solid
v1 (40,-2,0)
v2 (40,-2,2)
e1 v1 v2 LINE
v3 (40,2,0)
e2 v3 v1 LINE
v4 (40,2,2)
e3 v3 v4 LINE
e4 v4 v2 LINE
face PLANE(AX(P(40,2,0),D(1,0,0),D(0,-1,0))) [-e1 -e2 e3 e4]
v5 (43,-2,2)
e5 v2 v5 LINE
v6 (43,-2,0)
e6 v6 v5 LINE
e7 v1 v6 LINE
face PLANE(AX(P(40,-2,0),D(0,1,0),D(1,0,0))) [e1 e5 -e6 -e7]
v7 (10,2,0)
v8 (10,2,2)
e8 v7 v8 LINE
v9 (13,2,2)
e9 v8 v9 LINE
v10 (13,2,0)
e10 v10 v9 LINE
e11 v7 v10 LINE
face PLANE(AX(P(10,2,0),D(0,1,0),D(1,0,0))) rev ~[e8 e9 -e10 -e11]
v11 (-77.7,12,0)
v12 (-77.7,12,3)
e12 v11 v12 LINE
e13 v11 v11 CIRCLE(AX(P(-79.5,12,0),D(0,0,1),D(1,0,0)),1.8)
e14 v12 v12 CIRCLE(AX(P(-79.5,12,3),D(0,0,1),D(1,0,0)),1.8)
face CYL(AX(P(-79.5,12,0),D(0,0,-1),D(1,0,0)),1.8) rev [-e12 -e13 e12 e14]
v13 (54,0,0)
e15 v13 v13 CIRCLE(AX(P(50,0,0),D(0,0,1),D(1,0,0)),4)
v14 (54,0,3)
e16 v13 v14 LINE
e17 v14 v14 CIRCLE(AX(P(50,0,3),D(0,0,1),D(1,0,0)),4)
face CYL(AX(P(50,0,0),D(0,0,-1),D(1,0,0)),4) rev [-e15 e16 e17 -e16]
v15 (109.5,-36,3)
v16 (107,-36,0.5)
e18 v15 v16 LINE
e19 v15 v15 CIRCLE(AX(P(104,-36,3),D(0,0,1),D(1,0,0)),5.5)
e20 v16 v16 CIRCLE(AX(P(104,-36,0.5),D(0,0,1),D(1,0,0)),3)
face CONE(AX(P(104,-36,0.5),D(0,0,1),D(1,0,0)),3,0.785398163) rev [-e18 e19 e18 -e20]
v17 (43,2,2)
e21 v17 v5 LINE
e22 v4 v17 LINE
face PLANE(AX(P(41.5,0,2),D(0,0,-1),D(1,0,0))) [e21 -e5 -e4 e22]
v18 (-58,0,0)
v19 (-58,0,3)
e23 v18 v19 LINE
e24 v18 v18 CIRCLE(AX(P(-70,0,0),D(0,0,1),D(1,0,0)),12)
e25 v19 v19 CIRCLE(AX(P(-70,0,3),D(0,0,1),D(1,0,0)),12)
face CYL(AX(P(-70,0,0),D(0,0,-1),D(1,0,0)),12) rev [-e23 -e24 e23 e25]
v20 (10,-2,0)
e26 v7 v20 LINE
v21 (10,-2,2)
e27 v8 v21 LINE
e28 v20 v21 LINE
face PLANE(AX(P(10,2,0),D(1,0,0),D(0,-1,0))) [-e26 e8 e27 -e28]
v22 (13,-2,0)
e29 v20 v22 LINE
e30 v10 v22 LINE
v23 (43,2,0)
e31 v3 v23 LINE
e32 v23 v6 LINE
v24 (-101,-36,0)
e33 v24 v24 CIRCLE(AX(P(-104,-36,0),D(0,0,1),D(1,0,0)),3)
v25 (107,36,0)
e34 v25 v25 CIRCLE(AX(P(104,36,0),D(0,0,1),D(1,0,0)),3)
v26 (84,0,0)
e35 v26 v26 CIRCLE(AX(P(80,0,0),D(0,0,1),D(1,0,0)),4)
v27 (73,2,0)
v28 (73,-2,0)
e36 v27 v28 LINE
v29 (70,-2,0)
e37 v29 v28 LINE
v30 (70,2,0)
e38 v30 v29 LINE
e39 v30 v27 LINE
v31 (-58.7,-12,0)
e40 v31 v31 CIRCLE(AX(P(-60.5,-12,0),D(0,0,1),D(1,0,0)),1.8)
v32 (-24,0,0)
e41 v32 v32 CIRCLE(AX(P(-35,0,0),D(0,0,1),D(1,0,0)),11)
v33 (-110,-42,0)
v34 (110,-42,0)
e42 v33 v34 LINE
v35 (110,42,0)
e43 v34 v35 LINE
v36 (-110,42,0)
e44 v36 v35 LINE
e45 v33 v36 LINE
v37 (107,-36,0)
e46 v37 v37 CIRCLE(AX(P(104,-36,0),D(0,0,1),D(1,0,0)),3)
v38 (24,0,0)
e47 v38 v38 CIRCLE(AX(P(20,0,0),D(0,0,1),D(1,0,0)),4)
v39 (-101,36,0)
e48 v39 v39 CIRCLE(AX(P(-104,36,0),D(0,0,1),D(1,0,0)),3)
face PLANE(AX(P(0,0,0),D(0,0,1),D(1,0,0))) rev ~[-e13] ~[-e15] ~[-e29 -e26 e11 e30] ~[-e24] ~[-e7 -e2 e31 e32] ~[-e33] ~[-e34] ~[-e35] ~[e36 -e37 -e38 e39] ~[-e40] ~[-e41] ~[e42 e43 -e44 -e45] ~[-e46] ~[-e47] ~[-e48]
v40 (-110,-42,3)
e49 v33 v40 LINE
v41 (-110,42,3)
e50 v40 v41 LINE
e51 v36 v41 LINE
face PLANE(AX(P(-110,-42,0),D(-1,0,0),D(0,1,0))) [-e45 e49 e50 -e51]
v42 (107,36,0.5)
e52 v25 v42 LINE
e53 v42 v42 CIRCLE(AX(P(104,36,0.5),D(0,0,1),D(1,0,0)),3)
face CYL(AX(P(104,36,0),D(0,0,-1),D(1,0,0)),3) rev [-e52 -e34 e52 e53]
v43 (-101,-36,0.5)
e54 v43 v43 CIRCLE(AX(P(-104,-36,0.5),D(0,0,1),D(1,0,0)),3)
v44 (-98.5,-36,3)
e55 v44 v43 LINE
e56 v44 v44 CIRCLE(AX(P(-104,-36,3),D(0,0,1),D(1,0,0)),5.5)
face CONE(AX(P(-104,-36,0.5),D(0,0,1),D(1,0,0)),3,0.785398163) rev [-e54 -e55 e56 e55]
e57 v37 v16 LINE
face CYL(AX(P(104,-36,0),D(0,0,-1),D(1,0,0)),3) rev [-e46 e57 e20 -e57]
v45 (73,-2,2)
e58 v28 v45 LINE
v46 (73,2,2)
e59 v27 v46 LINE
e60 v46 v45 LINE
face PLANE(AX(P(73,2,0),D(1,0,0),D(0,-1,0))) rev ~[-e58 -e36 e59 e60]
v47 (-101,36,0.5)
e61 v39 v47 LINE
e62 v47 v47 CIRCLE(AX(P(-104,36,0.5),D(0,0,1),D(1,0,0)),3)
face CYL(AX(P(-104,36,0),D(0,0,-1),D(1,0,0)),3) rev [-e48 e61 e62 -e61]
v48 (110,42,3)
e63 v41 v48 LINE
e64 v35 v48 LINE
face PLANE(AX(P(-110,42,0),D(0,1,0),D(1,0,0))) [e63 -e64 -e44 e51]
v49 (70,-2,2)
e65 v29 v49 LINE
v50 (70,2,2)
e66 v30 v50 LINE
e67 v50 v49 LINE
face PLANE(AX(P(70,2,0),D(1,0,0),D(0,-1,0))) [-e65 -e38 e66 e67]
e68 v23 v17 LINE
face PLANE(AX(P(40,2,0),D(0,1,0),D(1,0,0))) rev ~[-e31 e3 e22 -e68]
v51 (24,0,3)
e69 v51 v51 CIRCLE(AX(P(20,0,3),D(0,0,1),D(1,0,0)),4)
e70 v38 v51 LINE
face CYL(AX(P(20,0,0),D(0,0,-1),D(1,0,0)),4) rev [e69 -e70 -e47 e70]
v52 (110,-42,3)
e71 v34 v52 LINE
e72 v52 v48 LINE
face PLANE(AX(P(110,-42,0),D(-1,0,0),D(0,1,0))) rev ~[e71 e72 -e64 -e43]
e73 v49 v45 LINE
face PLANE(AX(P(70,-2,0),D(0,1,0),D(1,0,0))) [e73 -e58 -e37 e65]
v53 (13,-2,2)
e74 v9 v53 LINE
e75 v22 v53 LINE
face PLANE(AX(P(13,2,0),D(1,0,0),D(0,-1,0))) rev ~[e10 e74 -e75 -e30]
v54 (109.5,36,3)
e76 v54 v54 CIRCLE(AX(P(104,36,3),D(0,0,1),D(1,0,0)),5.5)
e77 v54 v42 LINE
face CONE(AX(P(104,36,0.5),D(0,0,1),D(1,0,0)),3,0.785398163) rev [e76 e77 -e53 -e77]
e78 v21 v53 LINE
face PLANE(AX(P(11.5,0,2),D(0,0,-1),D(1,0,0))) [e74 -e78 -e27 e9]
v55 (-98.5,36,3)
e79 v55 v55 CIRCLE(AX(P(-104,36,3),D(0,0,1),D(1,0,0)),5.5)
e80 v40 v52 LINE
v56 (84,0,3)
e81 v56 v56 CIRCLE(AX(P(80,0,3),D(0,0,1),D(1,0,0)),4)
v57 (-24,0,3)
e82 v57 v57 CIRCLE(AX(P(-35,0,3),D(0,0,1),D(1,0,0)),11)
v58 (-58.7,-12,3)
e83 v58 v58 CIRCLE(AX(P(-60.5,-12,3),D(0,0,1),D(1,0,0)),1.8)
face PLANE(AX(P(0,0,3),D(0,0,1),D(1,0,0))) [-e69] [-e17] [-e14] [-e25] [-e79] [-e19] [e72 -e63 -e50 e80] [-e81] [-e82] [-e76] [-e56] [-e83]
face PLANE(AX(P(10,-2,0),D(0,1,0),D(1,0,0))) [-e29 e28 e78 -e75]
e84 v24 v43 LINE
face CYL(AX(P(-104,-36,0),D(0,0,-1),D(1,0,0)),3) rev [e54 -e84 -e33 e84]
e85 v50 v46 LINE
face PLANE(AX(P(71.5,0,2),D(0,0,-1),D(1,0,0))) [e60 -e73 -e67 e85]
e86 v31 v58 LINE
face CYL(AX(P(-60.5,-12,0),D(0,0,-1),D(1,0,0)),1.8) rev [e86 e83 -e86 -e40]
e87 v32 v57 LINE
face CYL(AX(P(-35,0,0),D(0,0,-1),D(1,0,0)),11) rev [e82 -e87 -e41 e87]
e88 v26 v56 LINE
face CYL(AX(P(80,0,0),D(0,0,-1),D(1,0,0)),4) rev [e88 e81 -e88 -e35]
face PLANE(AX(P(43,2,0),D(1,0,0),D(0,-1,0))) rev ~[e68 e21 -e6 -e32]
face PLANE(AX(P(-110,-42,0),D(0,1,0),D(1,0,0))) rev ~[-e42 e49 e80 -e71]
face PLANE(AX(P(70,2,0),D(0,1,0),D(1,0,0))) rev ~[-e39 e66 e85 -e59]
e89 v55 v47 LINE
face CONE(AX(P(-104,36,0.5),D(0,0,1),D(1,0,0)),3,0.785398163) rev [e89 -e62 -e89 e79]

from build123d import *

# Parameters (mm, degrees)
SKETCH001_W     = 220
SKETCH001_H     = 84
SKETCH001_R     = 3
SKETCH001_R_2   = 11
SKETCH001_R_3   = 4
SKETCH001_R_4   = 12
SKETCH001_R_5   = 1.8
PAD_DEPTH       = 3
SKETCH_W        = 3
SKETCH_H        = 4
POCKET_DEPTH    = 2
CHAMFER_SIZE    = 2.5
CHAMFER001_SIZE = 2.5
CHAMFER002_SIZE = 2.5
CHAMFER003_SIZE = 2.5


with BuildPart() as part:
    # Sketch001 → Pad (new body)
    with BuildSketch(Plane.XY):
        Rectangle(SKETCH001_W, SKETCH001_H)
        with Locations((-104, -36)):
            Circle(SKETCH001_R, mode=Mode.SUBTRACT)
        with Locations((-104, 36)):
            Circle(SKETCH001_R, mode=Mode.SUBTRACT)
        with Locations((104, 36)):
            Circle(SKETCH001_R, mode=Mode.SUBTRACT)
        with Locations((104, -36)):
            Circle(SKETCH001_R, mode=Mode.SUBTRACT)
        with Locations((-35, 0)):
            Circle(SKETCH001_R_2, mode=Mode.SUBTRACT)
        with Locations((80, 0)):
            Circle(SKETCH001_R_3, mode=Mode.SUBTRACT)
        with Locations((50, 0)):
            Circle(SKETCH001_R_3, mode=Mode.SUBTRACT)
        with Locations((20, 0)):
            Circle(SKETCH001_R_3, mode=Mode.SUBTRACT)
        with Locations((-70, 0)):
            Circle(SKETCH001_R_4, mode=Mode.SUBTRACT)
        with Locations((-79.5, 12)):
            Circle(SKETCH001_R_5, mode=Mode.SUBTRACT)
        with Locations((-60.5, -12)):
            Circle(SKETCH001_R_5, mode=Mode.SUBTRACT)
    extrude(amount=PAD_DEPTH)

    # Sketch (on Face16 of Pad) → Pocket (cut)
    with BuildSketch(Plane(origin=(0, 0, 0), x_dir=(1, 0, 0), z_dir=(0, 0, -1))):
        with Locations((11.5, 0)):
            Rectangle(SKETCH_W, SKETCH_H)
        with Locations((41.5, 0)):
            Rectangle(SKETCH_W, SKETCH_H)
        with Locations((71.5, 0)):
            Rectangle(SKETCH_W, SKETCH_H)
    extrude(amount=-POCKET_DEPTH, mode=Mode.SUBTRACT)

    # Chamfer
    chamfer_edges = [part.edges().sort_by_distance(p)[0] for p in [
        (-107, -36, 3),
    ]]
    chamfer(chamfer_edges, length=CHAMFER_SIZE)

    # Chamfer001
    chamfer001_edges = [part.edges().sort_by_distance(p)[0] for p in [
        (-107, 36, 3),
    ]]
    chamfer(chamfer001_edges, length=CHAMFER001_SIZE)

    # Chamfer002
    chamfer002_edges = [part.edges().sort_by_distance(p)[0] for p in [
        (101, 36, 3),
    ]]
    chamfer(chamfer002_edges, length=CHAMFER002_SIZE)

    # Chamfer003
    chamfer003_edges = [part.edges().sort_by_distance(p)[0] for p in [
        (101, -36, 3),
    ]]
    chamfer(chamfer003_edges, length=CHAMFER003_SIZE)


solid = part.part
